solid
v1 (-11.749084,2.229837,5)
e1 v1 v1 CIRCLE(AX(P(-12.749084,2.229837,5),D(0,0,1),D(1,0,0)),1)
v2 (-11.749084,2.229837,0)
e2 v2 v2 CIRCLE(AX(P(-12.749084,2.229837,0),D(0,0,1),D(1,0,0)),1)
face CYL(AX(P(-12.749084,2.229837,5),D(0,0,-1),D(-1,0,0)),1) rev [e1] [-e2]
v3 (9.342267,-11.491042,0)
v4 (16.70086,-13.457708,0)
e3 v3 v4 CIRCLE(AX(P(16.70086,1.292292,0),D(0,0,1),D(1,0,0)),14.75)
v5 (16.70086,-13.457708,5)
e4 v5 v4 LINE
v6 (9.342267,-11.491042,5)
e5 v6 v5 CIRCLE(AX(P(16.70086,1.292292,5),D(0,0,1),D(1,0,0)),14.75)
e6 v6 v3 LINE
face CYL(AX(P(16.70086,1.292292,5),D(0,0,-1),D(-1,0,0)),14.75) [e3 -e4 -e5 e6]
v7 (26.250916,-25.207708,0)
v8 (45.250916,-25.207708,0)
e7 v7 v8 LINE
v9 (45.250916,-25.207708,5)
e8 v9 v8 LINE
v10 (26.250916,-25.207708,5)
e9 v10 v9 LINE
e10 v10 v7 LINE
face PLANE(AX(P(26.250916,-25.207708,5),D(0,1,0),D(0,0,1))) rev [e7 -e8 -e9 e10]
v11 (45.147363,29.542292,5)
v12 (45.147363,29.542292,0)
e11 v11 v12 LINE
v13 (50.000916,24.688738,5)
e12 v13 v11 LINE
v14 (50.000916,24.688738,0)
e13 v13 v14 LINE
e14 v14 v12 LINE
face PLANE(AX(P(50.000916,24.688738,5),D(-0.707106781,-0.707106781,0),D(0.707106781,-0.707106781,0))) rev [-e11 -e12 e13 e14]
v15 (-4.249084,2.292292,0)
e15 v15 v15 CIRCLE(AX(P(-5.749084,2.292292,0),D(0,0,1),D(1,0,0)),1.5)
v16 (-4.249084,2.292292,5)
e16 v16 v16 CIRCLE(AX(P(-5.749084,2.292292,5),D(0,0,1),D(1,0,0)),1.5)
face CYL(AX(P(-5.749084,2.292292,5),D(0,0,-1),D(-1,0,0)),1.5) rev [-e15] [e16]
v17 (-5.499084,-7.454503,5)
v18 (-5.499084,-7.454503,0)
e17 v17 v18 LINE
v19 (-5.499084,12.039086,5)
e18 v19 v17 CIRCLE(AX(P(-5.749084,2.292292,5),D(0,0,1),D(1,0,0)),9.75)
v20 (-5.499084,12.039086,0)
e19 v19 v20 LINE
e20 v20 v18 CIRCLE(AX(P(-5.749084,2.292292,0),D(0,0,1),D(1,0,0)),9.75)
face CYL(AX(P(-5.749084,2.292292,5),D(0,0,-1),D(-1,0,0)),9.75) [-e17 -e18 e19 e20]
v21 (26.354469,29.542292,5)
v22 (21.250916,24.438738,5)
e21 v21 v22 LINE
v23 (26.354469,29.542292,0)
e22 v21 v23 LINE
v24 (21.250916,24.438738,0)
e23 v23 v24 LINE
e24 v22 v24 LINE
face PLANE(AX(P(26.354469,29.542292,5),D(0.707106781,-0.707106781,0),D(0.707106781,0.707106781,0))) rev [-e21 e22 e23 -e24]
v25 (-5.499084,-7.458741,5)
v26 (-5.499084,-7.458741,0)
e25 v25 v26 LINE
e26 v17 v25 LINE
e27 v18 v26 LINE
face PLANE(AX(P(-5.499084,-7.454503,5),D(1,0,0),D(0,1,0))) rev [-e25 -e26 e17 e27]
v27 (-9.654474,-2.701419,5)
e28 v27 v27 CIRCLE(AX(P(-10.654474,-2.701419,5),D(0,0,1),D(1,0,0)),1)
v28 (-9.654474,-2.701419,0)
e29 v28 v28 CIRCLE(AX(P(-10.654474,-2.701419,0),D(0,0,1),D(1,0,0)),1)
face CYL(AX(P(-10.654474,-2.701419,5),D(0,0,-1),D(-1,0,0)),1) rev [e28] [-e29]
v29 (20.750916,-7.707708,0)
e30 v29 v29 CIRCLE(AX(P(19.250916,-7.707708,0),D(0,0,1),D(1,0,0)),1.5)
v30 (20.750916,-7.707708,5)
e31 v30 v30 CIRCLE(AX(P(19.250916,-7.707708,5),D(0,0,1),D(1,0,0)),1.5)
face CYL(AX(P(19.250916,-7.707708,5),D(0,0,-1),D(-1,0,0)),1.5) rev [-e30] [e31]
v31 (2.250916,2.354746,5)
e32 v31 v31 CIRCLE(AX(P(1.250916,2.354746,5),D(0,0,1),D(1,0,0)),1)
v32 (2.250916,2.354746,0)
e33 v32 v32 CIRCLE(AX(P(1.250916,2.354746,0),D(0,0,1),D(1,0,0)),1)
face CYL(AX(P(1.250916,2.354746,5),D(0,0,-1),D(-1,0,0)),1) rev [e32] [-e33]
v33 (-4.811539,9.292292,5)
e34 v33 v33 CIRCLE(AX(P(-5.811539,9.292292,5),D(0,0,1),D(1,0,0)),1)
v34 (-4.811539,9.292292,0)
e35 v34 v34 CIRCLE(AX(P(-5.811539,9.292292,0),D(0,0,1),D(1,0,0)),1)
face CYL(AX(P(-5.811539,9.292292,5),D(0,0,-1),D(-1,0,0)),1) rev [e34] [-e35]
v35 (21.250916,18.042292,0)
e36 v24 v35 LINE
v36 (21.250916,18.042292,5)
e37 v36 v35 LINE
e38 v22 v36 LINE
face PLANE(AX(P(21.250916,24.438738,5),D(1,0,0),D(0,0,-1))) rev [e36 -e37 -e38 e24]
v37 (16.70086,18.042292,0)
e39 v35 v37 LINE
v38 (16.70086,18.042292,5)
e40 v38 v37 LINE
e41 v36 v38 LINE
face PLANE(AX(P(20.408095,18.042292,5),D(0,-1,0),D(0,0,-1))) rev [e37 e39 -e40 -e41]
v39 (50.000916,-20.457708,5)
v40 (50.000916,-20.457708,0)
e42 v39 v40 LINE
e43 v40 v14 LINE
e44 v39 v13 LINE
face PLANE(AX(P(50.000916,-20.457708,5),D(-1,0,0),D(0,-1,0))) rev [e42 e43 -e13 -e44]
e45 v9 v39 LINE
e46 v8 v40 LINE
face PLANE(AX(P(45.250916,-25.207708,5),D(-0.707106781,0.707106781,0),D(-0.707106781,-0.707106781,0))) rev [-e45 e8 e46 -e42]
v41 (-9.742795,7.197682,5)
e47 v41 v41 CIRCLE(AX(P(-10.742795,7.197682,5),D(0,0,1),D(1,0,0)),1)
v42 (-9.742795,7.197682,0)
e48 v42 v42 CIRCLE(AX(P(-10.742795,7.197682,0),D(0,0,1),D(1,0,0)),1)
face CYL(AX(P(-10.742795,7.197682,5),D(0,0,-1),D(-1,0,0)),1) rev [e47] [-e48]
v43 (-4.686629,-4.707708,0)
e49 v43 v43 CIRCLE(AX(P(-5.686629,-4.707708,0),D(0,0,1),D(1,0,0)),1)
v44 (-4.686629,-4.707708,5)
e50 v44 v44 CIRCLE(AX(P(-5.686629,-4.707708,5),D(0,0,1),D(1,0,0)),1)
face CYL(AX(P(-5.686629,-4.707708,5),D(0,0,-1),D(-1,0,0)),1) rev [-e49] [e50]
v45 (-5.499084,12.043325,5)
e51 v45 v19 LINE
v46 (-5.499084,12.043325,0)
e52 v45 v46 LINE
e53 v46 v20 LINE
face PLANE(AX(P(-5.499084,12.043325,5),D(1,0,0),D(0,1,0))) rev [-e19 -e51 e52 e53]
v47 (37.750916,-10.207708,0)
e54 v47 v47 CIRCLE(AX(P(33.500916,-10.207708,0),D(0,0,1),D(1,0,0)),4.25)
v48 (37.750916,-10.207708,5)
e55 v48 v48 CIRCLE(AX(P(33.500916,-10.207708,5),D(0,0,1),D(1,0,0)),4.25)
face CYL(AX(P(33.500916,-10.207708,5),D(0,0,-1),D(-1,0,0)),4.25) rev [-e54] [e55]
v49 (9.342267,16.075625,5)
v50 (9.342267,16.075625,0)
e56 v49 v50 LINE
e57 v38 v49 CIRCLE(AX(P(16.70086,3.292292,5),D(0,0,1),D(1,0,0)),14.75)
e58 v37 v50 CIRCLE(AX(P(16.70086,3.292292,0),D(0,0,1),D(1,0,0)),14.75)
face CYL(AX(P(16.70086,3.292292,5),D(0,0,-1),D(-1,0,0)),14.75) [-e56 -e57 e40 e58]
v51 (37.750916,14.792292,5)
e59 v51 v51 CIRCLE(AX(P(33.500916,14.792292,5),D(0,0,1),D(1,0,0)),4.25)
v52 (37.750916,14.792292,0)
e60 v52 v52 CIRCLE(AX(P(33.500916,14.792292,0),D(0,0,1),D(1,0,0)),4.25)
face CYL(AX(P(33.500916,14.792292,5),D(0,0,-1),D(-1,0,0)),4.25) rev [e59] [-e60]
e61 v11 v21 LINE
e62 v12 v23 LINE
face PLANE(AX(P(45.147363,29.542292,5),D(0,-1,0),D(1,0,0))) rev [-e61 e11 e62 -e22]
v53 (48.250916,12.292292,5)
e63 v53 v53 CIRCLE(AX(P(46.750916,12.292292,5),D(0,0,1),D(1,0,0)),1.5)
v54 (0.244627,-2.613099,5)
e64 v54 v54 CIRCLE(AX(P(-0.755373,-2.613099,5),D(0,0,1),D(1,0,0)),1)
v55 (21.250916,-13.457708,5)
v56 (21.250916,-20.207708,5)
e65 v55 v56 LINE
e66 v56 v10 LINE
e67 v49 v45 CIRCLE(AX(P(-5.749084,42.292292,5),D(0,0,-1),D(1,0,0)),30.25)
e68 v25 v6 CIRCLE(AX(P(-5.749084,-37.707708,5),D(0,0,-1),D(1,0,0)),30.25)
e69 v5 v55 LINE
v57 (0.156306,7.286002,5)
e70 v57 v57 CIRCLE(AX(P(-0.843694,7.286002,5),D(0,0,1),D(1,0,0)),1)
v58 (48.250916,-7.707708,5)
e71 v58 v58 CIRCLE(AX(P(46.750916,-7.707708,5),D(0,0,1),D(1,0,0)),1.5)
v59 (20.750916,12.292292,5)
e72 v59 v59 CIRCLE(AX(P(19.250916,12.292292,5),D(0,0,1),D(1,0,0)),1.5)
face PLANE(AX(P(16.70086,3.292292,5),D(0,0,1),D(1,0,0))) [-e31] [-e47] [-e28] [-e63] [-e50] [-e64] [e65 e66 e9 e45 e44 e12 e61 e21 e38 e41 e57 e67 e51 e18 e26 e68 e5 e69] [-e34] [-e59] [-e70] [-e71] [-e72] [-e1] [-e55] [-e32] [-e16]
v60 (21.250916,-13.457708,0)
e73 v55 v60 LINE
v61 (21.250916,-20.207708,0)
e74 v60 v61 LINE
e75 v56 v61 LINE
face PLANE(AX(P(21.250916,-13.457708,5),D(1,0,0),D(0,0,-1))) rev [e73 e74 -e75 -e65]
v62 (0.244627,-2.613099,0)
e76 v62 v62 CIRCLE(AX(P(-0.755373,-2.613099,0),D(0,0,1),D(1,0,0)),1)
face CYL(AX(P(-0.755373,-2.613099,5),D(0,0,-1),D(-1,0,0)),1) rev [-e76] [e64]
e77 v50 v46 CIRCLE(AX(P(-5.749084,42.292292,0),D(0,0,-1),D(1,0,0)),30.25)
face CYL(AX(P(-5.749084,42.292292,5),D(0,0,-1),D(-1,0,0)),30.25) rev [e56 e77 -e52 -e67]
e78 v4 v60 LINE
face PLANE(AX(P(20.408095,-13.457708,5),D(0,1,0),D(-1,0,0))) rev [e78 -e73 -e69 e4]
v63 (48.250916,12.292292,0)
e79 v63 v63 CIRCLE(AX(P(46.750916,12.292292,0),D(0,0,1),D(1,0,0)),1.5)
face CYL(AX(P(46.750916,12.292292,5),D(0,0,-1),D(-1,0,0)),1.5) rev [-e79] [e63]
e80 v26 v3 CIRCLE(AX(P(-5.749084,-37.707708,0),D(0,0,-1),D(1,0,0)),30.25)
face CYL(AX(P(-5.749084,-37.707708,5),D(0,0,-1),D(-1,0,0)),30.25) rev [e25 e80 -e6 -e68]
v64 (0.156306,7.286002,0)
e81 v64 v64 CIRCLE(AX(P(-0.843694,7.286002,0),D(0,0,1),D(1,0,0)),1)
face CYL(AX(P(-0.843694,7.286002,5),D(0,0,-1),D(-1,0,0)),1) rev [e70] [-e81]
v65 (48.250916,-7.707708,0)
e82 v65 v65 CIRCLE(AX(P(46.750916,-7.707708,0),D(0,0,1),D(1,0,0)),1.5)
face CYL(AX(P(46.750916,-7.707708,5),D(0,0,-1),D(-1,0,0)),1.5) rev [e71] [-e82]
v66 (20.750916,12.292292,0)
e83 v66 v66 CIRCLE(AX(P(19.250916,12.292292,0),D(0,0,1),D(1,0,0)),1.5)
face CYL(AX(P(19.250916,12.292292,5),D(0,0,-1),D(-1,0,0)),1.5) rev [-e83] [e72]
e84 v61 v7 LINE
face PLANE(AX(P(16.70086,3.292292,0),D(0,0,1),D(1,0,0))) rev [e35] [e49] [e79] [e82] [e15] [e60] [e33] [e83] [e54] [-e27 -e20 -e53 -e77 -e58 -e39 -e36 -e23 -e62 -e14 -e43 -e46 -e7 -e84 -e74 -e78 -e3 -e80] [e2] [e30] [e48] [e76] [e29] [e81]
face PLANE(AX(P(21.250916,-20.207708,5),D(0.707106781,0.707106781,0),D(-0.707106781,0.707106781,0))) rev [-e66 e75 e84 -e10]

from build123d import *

# Parameters (mm, degrees)
SKETCH1_R           = 1.5
SKETCH1_R_2         = 4.25
SKETCH1_R_3         = 1
BOSS_EXTRUDE2_DEPTH = 5


with BuildPart() as part:
    # Sketch1 → Boss-Extrude2 (new body)
    with BuildSketch(Plane.XY):
        with BuildLine():
            Line((45.25091594, -25.207708346), (50.00091594, -20.457708346))
            Line((50.00091594, -20.457708346), (50.00091594, 24.688738263))
            Line((50.00091594, 24.688738263), (45.147362549, 29.542291654))
            Line((45.147362549, 29.542291654), (26.35446933, 29.542291654))
            Line((26.35446933, 29.542291654), (21.25091594, 24.438738263))
            Line((21.25091594, 24.438738263), (21.25091594, 18.042291654))
            Line((21.25091594, 18.042291654), (20.408095363, 18.042291654))
            Line((20.408095363, 18.042291654), (16.70086026, 18.042291654))
            ThreePointArc((16.70086026, 18.042291654), (12.892426636, 17.542145454), (9.3422674, 16.075624987))
            ThreePointArc((9.3422674, 16.075624987), (2.182128173, 13.100539865), (-5.49908406, 12.043324729))
            Line((-5.49908406, 12.043324729), (-5.49908406, 12.039085999))
            ThreePointArc((-5.49908406, 12.039085999), (-15.49908406, 2.292291654), (-5.49908406, -7.454502691))
            Line((-5.49908406, -7.454502691), (-5.49908406, -7.458741422))
            ThreePointArc((-5.49908406, -7.458741422), (2.182128173, -8.515956557), (9.3422674, -11.491041679))
            ThreePointArc((9.3422674, -11.491041679), (12.892426636, -12.957562146), (16.70086026, -13.457708346))
            Line((16.70086026, -13.457708346), (20.408095363, -13.457708346))
            Line((20.408095363, -13.457708346), (21.25091594, -13.457708346))
            Line((21.25091594, -13.457708346), (21.25091594, -20.207708346))
            Line((21.25091594, -20.207708346), (26.25091594, -25.207708346))
            Line((26.25091594, -25.207708346), (45.25091594, -25.207708346))
        make_face()
        with Locations((46.75091594, -7.707708346)):
            Circle(SKETCH1_R, mode=Mode.SUBTRACT)
        with Locations((46.75091594, 12.292291654)):
            Circle(SKETCH1_R, mode=Mode.SUBTRACT)
        with Locations((33.50091594, 14.792291654)):
            Circle(SKETCH1_R_2, mode=Mode.SUBTRACT)
        with Locations((33.50091594, -10.207708346)):
            Circle(SKETCH1_R_2, mode=Mode.SUBTRACT)
        with Locations((19.25091594, 12.292291654)):
            Circle(SKETCH1_R, mode=Mode.SUBTRACT)
        with Locations((19.25091594, -7.707708346)):
            Circle(SKETCH1_R, mode=Mode.SUBTRACT)
        with Locations((-5.74908406, 2.292291654)):
            Circle(SKETCH1_R, mode=Mode.SUBTRACT)
        with Locations((1.25091594, 2.354746229)):
            Circle(SKETCH1_R_3, mode=Mode.SUBTRACT)
        with Locations((-0.755373293, -2.613098521)):
            Circle(SKETCH1_R_3, mode=Mode.SUBTRACT)
        with Locations((-5.686629485, -4.707708346)):
            Circle(SKETCH1_R_3, mode=Mode.SUBTRACT)
        with Locations((-10.654474236, -2.701419114)):
            Circle(SKETCH1_R_3, mode=Mode.SUBTRACT)
        with Locations((-12.74908406, 2.229837079)):
            Circle(SKETCH1_R_3, mode=Mode.SUBTRACT)
        with Locations((-10.742794828, 7.197681829)):
            Circle(SKETCH1_R_3, mode=Mode.SUBTRACT)
        with Locations((-5.811538636, 9.292291654)):
            Circle(SKETCH1_R_3, mode=Mode.SUBTRACT)
        with Locations((-0.843693885, 7.286002421)):
            Circle(SKETCH1_R_3, mode=Mode.SUBTRACT)
    extrude(amount=BOSS_EXTRUDE2_DEPTH)


solid = part.part
